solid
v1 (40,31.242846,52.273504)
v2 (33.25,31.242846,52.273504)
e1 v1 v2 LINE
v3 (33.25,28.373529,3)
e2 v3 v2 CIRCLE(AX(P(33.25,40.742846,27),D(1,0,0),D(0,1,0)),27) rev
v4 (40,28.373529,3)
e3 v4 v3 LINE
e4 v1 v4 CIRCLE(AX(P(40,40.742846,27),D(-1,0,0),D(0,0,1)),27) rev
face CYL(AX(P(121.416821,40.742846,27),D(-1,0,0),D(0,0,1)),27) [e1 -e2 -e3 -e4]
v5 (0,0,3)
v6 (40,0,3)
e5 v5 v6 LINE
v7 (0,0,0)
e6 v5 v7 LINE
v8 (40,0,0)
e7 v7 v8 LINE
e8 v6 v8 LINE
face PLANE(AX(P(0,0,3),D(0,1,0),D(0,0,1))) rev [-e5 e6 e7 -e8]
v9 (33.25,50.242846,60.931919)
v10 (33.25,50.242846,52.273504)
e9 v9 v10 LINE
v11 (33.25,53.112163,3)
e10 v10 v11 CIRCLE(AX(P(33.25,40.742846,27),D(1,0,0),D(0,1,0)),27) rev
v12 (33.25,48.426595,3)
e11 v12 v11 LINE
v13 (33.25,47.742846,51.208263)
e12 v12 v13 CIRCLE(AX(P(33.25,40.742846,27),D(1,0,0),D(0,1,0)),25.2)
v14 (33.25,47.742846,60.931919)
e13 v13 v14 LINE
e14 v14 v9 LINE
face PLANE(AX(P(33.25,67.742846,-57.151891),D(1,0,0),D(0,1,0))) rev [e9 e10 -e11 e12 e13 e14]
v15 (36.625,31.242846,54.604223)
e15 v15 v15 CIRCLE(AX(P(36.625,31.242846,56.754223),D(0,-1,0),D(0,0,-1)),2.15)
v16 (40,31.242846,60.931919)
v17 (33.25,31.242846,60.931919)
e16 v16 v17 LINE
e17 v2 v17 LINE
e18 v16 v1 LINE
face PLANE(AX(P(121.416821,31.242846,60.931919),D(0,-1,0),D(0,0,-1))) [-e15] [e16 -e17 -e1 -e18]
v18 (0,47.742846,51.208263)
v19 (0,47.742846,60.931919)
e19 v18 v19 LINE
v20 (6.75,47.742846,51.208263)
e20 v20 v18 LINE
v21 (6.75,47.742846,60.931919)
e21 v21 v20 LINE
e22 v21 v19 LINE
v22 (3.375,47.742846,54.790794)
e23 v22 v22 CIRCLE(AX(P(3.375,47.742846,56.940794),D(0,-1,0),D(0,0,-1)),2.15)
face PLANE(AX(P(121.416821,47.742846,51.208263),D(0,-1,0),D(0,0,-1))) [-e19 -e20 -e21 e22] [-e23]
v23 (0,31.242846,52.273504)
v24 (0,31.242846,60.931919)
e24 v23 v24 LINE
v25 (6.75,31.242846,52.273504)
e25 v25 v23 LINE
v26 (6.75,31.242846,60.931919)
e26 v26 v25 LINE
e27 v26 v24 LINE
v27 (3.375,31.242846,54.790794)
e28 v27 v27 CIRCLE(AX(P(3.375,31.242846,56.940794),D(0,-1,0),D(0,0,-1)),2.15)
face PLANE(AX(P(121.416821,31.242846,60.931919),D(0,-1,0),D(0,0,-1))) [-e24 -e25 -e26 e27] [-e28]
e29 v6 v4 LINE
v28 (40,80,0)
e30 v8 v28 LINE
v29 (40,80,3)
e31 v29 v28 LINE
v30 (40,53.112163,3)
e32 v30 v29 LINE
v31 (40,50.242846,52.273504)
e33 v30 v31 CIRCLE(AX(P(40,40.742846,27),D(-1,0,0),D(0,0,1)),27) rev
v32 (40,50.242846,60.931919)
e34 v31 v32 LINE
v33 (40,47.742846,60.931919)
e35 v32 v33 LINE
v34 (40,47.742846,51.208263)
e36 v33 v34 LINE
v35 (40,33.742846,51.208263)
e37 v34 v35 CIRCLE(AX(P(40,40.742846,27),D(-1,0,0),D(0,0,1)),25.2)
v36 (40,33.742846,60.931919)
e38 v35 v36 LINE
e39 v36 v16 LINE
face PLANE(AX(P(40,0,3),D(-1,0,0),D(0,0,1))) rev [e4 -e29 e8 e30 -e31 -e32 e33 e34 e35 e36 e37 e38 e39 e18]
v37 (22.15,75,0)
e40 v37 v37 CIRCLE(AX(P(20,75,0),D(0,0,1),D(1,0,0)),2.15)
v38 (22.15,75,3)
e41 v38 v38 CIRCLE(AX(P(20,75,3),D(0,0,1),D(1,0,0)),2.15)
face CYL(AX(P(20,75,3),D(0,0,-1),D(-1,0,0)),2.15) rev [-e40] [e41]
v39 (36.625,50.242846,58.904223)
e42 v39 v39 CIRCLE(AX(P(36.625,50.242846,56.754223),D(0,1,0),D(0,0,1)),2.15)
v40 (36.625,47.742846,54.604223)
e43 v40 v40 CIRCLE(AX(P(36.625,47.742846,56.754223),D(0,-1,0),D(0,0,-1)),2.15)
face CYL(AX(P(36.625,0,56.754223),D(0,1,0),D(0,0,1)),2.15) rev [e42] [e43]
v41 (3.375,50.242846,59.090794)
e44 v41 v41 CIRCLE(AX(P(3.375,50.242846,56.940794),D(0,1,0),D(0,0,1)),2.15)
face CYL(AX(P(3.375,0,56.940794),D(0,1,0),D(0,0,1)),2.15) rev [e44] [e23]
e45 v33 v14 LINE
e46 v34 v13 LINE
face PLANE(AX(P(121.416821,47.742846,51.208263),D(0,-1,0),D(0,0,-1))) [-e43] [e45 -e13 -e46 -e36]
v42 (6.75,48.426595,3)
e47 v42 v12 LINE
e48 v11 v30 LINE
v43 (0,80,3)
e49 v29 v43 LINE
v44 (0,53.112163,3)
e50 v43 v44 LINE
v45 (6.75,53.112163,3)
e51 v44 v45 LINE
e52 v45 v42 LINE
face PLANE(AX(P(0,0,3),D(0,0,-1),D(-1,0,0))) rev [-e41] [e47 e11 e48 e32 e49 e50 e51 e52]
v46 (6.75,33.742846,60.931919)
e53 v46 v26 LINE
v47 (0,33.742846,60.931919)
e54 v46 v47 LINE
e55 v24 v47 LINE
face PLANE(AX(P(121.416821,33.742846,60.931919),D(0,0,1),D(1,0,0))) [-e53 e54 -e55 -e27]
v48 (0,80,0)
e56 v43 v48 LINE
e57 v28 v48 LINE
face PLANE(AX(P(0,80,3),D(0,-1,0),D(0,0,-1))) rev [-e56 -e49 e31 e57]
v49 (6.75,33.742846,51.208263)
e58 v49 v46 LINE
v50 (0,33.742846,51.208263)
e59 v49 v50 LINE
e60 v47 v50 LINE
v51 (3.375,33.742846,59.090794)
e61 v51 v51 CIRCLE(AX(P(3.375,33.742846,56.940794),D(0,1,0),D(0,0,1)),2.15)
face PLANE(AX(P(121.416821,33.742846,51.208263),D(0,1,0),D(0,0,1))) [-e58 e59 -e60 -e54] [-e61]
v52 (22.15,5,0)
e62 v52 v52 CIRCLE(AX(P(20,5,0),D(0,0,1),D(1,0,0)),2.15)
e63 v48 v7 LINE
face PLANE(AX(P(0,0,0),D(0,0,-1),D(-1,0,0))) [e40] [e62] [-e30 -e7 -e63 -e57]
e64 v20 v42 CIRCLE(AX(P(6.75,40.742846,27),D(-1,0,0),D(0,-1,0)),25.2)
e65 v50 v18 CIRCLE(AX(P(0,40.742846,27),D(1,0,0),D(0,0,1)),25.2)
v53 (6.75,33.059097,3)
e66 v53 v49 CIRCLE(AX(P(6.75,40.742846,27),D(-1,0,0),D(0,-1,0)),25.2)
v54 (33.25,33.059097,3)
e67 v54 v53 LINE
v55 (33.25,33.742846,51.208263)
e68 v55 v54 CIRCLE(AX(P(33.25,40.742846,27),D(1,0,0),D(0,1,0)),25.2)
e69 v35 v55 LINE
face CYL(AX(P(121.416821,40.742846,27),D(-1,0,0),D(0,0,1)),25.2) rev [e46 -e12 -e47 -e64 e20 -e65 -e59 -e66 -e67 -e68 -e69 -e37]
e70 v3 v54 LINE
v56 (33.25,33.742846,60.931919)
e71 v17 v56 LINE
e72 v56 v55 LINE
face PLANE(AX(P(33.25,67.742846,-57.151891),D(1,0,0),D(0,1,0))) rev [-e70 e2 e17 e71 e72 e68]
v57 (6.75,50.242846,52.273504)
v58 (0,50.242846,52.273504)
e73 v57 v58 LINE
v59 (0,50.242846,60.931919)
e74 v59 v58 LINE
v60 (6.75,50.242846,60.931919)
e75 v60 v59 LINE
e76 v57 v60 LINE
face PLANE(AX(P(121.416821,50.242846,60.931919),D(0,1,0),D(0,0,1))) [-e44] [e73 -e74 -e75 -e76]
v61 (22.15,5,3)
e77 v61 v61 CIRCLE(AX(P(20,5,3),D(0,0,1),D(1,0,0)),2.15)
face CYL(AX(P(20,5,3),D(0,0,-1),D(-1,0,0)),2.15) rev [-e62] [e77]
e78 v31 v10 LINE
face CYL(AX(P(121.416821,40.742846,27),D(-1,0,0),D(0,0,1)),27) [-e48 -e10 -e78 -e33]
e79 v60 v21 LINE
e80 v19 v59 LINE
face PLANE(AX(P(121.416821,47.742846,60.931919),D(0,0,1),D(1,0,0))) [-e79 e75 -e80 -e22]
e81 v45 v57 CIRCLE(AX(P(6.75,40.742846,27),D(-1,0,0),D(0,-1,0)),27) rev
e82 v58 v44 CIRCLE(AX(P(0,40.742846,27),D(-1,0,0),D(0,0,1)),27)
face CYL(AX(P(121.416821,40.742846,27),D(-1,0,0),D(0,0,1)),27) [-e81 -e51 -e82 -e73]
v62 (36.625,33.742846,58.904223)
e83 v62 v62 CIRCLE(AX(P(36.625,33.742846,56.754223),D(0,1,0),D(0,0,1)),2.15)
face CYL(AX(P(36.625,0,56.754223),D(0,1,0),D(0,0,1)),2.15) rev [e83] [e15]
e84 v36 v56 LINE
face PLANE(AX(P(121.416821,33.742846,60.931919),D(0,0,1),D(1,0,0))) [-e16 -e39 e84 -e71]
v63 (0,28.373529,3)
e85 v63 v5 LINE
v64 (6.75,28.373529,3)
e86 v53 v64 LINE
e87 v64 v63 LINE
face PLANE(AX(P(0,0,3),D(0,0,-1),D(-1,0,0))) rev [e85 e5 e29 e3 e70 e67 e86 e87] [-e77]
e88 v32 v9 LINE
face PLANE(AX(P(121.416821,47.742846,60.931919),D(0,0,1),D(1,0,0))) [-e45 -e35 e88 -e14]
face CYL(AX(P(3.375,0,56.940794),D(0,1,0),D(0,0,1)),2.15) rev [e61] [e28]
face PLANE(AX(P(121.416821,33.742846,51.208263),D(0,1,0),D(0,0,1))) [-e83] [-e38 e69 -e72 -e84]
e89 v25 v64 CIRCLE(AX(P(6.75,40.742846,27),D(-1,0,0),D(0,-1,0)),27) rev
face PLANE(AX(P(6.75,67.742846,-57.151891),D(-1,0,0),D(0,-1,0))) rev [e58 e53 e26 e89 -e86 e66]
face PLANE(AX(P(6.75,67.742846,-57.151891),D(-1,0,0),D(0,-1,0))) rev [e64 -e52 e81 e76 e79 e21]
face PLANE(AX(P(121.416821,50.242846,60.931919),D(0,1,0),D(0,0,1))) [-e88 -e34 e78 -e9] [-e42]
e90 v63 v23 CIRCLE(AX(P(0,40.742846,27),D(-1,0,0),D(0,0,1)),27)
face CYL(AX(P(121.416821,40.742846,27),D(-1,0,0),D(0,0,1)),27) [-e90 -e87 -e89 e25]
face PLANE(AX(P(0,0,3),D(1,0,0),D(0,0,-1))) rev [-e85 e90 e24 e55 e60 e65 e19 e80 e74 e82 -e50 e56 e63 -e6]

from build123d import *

# Parameters (mm, degrees)
SKETCH1_W           = 40
SKETCH1_H           = 80
SKETCH1_R           = 2.15
BOSS_EXTRUDE1_DEPTH = 3
BOSS_EXTRUDE2_DEPTH = 40
SKETCH3_R           = 25.2
CUT_EXTRUDE1_DEPTH  = 40
CUT_EXTRUDE2_REACH  = 110.225
SKETCH5_W           = 26.5
SKETCH5_H           = 54
SKETCH6_R           = 2.15
CUT_EXTRUDE3_DEPTH  = 89.527071115
SKETCH7_R           = 2.15
CUT_EXTRUDE4_DEPTH  = 89.527071115


with BuildPart() as part:
    # Sketch1 → Boss-Extrude1 (new body)
    with BuildSketch(Plane.XY):
        with Locations((20, 40)):
            Rectangle(SKETCH1_W, SKETCH1_H)
        with Locations((20, 75)):
            Circle(SKETCH1_R, mode=Mode.SUBTRACT)
        with Locations((20, 5)):
            Circle(SKETCH1_R, mode=Mode.SUBTRACT)
    extrude(amount=BOSS_EXTRUDE1_DEPTH)

    # Sketch2 → Boss-Extrude2 (add)
    with BuildSketch(Plane.ZY):
        with BuildLine():
            Line((51.208263052, 47.742845654), (60.931919228, 47.742845654))
            Line((60.931919228, 47.742845654), (60.931919228, 50.242845654))
            Line((60.931919228, 50.242845654), (52.273503912, 50.242845654))
            ThreePointArc((52.273503912, 50.242845654), (0, 40.742845654), (52.273503912, 31.242845654))
            Line((52.273503912, 31.242845654), (60.931919228, 31.242845654))
            Line((60.931919228, 31.242845654), (60.931919228, 33.742845654))
            Line((60.931919228, 33.742845654), (51.208263052, 33.742845654))
            ThreePointArc((51.208263052, 33.742845654), (1.8, 40.742845654), (51.208263052, 47.742845654))
        make_face()
    extrude(amount=-BOSS_EXTRUDE2_DEPTH)

    # Sketch3 → Cut-Extrude1 (cut)
    with BuildSketch(Plane.ZY):
        with Locations((27, 40.742845654)):
            Circle(SKETCH3_R)
    extrude(amount=-CUT_EXTRUDE1_DEPTH, mode=Mode.SUBTRACT)

    # Cut-Extrude2: up to this face of the body (flat: up to its plane)
    cut_extrude2_end = Plane(part.part.faces().sort_by_distance((20, 66.440507587, 3))[0])
    # Sketch5 → Cut-Extrude2 (cut, up to the picked face)
    with BuildSketch(Plane.XY.offset(60.931919228), mode=Mode.PRIVATE) as cut_extrude2_sk1:
        with Locations((20, 40.742845654)):
            Rectangle(SKETCH5_W, SKETCH5_H)
    cut_extrude2_tool1 = split(extrude(cut_extrude2_sk1.sketch, amount=-CUT_EXTRUDE2_REACH, mode=Mode.PRIVATE), bisect_by=cut_extrude2_end, keep=Keep.BOTH, mode=Mode.PRIVATE)
    add(cut_extrude2_tool1.solids().sort_by(Axis((20, 40.742846, 60.931919), (0, 0, -1)))[0], mode=Mode.SUBTRACT)

    # Sketch6 → Cut-Extrude3 (cut, through all)
    with BuildSketch(Plane(origin=(0, 50.242845654, 0), x_dir=(1, 0, 0), z_dir=(0, 1, 0))):
        with Locations(Location((3.375, -56.940793842, 0), (0, 0, 270))):
            Circle(SKETCH6_R)
        with Locations((21.625, -56.940793842)):
            Circle(SKETCH6_R)
    extrude(amount=-CUT_EXTRUDE3_DEPTH, mode=Mode.SUBTRACT)

    # Sketch7 → Cut-Extrude4 (cut, through all)
    with BuildSketch(Plane(origin=(0, 50.242845654, 0), x_dir=(1, 0, 0), z_dir=(0, 1, 0))):
        with Locations(Location((36.625, -56.75422316, 0), (0, 0, 270))):
            Circle(SKETCH7_R)
    extrude(amount=-CUT_EXTRUDE4_DEPTH, mode=Mode.SUBTRACT)


solid = part.part
